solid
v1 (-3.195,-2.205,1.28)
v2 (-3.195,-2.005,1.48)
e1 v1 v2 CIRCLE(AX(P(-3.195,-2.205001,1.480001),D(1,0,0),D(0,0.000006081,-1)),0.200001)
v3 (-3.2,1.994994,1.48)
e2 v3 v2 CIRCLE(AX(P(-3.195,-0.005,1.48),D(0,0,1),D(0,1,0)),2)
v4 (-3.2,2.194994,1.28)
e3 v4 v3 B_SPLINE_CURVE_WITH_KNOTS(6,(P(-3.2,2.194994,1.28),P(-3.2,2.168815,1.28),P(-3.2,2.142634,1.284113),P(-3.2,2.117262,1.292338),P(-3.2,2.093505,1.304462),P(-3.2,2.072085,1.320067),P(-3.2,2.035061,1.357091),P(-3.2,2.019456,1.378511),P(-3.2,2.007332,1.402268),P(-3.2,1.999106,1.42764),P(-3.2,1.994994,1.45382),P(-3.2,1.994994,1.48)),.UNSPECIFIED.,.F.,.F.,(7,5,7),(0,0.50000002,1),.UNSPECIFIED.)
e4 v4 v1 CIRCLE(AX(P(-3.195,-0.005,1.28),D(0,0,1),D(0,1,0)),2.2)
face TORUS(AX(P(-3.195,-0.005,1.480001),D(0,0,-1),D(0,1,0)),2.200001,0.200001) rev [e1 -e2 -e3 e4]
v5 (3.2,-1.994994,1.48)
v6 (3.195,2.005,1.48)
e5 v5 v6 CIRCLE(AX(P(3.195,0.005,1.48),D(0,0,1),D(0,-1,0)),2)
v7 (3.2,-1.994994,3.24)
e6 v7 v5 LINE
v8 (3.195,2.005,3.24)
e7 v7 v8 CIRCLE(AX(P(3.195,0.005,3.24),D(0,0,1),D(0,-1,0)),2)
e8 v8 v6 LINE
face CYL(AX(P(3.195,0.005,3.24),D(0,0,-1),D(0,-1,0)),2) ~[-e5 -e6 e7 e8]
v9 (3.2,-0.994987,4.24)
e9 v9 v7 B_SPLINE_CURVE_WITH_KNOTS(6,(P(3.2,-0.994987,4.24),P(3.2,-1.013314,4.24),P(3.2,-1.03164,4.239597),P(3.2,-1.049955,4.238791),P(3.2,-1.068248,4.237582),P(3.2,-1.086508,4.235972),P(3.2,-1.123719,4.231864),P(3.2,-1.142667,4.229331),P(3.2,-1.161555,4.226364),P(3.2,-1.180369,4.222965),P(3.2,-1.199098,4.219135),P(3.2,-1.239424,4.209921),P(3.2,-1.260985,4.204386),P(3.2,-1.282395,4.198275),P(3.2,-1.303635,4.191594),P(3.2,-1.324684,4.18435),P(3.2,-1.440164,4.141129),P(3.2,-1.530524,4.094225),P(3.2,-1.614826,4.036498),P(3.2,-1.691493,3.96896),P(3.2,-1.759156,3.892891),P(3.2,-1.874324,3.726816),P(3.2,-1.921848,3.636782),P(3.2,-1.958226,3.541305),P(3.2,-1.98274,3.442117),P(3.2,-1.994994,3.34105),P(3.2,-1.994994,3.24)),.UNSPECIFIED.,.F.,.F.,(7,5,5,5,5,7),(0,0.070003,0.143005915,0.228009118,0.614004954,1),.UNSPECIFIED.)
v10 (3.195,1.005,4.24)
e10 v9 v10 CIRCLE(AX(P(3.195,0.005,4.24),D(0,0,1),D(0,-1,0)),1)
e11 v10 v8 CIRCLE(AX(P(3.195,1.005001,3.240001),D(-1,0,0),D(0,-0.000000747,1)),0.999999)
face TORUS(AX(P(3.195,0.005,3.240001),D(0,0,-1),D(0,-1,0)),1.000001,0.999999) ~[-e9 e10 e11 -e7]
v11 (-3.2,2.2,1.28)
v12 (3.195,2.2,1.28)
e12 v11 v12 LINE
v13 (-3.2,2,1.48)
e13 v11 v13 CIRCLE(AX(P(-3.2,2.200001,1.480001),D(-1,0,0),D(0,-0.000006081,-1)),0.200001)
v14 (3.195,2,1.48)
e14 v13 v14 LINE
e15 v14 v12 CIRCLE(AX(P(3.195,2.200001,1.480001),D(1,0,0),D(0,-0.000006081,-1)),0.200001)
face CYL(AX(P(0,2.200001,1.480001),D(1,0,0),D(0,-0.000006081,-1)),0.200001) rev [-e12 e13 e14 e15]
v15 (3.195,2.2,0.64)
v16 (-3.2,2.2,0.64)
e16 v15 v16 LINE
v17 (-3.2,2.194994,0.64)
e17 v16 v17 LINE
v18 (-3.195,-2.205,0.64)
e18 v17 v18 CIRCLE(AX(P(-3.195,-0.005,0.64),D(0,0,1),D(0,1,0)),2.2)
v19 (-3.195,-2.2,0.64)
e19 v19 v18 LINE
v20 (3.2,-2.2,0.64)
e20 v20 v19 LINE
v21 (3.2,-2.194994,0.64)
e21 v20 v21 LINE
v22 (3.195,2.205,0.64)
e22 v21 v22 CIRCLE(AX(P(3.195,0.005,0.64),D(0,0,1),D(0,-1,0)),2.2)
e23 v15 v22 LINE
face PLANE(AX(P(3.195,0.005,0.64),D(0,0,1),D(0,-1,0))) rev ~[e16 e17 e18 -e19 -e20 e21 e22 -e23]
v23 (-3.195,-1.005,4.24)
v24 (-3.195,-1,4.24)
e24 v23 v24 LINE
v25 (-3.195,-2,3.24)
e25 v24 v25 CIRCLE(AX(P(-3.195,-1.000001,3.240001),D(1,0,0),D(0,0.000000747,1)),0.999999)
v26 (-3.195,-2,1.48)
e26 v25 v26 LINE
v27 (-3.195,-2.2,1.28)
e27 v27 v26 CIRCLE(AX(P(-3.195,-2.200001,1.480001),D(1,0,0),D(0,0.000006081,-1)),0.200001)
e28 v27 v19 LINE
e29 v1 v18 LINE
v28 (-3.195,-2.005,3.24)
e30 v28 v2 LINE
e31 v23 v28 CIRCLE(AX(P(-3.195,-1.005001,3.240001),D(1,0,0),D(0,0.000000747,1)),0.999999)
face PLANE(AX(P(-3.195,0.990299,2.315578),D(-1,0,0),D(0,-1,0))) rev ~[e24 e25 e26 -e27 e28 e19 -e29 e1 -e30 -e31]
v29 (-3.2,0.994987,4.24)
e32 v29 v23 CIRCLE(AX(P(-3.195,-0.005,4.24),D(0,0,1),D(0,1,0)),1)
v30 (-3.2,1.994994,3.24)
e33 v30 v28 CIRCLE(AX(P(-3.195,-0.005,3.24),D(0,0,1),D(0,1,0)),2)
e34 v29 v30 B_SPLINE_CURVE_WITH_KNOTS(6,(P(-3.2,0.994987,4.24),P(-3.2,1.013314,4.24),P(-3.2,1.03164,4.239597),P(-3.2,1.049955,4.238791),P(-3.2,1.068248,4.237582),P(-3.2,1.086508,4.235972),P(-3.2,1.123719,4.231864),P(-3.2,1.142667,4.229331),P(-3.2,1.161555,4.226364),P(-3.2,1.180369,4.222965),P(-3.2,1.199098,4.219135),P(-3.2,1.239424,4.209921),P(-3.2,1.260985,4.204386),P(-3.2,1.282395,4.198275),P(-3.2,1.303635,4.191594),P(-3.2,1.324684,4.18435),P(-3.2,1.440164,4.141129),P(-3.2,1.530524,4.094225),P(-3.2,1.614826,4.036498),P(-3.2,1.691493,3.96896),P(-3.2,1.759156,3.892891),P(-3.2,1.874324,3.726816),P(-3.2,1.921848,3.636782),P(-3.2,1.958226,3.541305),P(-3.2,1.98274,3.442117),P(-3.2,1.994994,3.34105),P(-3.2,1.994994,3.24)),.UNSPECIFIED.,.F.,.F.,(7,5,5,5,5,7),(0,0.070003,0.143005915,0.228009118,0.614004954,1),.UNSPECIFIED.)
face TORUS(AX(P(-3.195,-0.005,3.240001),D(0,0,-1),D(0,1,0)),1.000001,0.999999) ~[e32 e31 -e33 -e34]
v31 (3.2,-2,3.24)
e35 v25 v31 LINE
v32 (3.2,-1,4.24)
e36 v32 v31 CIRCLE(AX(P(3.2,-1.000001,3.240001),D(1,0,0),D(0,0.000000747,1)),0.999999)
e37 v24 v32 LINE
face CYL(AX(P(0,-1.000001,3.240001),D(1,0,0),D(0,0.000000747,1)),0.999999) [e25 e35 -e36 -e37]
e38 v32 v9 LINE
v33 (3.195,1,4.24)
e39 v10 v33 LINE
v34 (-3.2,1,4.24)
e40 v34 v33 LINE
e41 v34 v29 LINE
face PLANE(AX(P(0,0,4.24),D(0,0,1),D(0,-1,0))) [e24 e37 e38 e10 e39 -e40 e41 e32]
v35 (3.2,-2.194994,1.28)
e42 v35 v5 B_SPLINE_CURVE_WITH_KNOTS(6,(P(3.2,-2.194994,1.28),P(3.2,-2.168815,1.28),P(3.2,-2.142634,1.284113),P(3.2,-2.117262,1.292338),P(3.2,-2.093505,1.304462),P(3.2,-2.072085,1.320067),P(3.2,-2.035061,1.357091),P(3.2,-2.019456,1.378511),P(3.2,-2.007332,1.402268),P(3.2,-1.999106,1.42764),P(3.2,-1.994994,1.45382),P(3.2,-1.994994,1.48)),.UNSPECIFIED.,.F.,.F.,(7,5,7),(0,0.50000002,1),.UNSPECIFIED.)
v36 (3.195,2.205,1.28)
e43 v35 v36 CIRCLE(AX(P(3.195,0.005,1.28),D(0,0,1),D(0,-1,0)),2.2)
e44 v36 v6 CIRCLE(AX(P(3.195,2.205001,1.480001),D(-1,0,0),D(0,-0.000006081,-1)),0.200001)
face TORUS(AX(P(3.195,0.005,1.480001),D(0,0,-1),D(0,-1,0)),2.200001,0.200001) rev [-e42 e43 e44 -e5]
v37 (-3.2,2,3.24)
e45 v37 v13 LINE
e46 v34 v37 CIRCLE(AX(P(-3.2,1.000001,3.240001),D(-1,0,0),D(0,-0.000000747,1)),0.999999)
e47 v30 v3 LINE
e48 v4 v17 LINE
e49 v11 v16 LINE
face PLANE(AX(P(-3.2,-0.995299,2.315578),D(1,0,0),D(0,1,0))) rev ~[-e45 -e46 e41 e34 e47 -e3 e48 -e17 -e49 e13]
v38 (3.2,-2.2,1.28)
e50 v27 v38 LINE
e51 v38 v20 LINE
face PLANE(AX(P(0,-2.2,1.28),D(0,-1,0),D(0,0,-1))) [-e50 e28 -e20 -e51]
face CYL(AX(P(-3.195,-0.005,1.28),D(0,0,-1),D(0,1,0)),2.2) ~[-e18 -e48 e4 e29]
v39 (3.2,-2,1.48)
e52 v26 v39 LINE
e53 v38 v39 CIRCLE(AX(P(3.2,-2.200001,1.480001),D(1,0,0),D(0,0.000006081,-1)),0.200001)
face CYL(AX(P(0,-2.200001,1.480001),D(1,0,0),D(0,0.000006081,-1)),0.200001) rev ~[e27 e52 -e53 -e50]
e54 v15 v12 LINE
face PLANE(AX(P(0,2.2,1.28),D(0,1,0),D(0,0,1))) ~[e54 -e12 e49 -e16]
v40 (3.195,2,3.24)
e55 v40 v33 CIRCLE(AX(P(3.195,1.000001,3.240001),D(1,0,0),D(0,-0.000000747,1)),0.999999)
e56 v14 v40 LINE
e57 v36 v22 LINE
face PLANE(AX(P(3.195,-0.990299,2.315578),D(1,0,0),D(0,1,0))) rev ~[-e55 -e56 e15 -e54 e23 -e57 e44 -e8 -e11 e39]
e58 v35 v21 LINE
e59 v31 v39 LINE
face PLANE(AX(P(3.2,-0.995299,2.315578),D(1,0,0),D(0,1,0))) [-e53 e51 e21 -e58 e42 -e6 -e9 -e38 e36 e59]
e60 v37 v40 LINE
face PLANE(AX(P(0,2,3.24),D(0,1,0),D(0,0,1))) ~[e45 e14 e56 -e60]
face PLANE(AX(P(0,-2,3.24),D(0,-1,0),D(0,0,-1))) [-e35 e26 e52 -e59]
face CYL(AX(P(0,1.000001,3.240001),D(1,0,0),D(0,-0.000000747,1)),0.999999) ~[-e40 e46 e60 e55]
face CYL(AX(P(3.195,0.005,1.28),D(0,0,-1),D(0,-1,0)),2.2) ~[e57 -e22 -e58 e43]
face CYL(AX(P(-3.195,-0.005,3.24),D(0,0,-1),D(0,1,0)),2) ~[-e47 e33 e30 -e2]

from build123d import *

# Parameters (mm, degrees)
REVOLUTION001_ANGLE   = 180
CLONE_PLACEMENT_ANGLE = 180
PAD001_DEPTH          = 3.2


with BuildPart() as xtal_side001:
    # Sketch001 → Revolution001 (revolve)
    with BuildSketch(Plane(origin=(3.195, 0.005, 0), x_dir=(0, 1, 0), z_dir=(1, 0, 0))):
        with BuildLine():
            Line((0, 4.24), (-1, 4.24))
            ThreePointArc((-1, 4.24), (-1.707107, 3.947107), (-2, 3.24))
            Line((-2, 3.24), (-2, 1.48))
            ThreePointArc((-2.2, 1.28), (-2.058579, 1.338579), (-2, 1.48))
            Line((-2.2, 1.28), (-2.2, 0.64))
            Line((-2.2, 0.64), (0, 0.64))
            Line((0, 4.24), (0, 0.64))
        make_face()
    revolve(axis=Axis((3.195, 0.005, 0), (0, 0, 1)), revolution_arc=REVOLUTION001_ANGLE)


with BuildPart() as clone:
    # Clone base: copy of xtal-side001
    add(xtal_side001.part)


with BuildPart() as clone_1:
    # Clone placement: moved
    add(clone.part.moved(Location((0, 0, 0))).rotate(Axis((0, 0, 0), (0, 0, 1)), CLONE_PLACEMENT_ANGLE))


with BuildPart() as pad001:
    # Sketch002 → Pad001 (new body, symmetric)
    with BuildSketch(Plane.YZ):
        with BuildLine():
            Line((0, 4.24), (-1, 4.24))
            ThreePointArc((-1, 4.24), (-1.707107, 3.947107), (-2, 3.24))
            Line((-2, 3.24), (-2, 1.48))
            ThreePointArc((-2.2, 1.28), (-2.058579, 1.338579), (-2, 1.48))
            Line((-2.2, 1.28), (-2.2, 0.64))
            Line((-2.2, 0.64), (0, 0.64))
            Line((0, 4.24), (0, 0.64))
        make_face()
    extrude(amount=PAD001_DEPTH, both=True)


with BuildPart() as xtal_body:
    # Part__Mirroring: instance of Pad001
    add(pad001.part.mirror(Plane(origin=(0, 0, 0), x_dir=(1, 0, 0), z_dir=(0, 1, 0))))

    # Fusion: union Pad001
    add(pad001.part)

    # Fusion001: union Clone, xtal-side001
    add(clone_1.part)
    add(xtal_side001.part)


solid = xtal_body.part
